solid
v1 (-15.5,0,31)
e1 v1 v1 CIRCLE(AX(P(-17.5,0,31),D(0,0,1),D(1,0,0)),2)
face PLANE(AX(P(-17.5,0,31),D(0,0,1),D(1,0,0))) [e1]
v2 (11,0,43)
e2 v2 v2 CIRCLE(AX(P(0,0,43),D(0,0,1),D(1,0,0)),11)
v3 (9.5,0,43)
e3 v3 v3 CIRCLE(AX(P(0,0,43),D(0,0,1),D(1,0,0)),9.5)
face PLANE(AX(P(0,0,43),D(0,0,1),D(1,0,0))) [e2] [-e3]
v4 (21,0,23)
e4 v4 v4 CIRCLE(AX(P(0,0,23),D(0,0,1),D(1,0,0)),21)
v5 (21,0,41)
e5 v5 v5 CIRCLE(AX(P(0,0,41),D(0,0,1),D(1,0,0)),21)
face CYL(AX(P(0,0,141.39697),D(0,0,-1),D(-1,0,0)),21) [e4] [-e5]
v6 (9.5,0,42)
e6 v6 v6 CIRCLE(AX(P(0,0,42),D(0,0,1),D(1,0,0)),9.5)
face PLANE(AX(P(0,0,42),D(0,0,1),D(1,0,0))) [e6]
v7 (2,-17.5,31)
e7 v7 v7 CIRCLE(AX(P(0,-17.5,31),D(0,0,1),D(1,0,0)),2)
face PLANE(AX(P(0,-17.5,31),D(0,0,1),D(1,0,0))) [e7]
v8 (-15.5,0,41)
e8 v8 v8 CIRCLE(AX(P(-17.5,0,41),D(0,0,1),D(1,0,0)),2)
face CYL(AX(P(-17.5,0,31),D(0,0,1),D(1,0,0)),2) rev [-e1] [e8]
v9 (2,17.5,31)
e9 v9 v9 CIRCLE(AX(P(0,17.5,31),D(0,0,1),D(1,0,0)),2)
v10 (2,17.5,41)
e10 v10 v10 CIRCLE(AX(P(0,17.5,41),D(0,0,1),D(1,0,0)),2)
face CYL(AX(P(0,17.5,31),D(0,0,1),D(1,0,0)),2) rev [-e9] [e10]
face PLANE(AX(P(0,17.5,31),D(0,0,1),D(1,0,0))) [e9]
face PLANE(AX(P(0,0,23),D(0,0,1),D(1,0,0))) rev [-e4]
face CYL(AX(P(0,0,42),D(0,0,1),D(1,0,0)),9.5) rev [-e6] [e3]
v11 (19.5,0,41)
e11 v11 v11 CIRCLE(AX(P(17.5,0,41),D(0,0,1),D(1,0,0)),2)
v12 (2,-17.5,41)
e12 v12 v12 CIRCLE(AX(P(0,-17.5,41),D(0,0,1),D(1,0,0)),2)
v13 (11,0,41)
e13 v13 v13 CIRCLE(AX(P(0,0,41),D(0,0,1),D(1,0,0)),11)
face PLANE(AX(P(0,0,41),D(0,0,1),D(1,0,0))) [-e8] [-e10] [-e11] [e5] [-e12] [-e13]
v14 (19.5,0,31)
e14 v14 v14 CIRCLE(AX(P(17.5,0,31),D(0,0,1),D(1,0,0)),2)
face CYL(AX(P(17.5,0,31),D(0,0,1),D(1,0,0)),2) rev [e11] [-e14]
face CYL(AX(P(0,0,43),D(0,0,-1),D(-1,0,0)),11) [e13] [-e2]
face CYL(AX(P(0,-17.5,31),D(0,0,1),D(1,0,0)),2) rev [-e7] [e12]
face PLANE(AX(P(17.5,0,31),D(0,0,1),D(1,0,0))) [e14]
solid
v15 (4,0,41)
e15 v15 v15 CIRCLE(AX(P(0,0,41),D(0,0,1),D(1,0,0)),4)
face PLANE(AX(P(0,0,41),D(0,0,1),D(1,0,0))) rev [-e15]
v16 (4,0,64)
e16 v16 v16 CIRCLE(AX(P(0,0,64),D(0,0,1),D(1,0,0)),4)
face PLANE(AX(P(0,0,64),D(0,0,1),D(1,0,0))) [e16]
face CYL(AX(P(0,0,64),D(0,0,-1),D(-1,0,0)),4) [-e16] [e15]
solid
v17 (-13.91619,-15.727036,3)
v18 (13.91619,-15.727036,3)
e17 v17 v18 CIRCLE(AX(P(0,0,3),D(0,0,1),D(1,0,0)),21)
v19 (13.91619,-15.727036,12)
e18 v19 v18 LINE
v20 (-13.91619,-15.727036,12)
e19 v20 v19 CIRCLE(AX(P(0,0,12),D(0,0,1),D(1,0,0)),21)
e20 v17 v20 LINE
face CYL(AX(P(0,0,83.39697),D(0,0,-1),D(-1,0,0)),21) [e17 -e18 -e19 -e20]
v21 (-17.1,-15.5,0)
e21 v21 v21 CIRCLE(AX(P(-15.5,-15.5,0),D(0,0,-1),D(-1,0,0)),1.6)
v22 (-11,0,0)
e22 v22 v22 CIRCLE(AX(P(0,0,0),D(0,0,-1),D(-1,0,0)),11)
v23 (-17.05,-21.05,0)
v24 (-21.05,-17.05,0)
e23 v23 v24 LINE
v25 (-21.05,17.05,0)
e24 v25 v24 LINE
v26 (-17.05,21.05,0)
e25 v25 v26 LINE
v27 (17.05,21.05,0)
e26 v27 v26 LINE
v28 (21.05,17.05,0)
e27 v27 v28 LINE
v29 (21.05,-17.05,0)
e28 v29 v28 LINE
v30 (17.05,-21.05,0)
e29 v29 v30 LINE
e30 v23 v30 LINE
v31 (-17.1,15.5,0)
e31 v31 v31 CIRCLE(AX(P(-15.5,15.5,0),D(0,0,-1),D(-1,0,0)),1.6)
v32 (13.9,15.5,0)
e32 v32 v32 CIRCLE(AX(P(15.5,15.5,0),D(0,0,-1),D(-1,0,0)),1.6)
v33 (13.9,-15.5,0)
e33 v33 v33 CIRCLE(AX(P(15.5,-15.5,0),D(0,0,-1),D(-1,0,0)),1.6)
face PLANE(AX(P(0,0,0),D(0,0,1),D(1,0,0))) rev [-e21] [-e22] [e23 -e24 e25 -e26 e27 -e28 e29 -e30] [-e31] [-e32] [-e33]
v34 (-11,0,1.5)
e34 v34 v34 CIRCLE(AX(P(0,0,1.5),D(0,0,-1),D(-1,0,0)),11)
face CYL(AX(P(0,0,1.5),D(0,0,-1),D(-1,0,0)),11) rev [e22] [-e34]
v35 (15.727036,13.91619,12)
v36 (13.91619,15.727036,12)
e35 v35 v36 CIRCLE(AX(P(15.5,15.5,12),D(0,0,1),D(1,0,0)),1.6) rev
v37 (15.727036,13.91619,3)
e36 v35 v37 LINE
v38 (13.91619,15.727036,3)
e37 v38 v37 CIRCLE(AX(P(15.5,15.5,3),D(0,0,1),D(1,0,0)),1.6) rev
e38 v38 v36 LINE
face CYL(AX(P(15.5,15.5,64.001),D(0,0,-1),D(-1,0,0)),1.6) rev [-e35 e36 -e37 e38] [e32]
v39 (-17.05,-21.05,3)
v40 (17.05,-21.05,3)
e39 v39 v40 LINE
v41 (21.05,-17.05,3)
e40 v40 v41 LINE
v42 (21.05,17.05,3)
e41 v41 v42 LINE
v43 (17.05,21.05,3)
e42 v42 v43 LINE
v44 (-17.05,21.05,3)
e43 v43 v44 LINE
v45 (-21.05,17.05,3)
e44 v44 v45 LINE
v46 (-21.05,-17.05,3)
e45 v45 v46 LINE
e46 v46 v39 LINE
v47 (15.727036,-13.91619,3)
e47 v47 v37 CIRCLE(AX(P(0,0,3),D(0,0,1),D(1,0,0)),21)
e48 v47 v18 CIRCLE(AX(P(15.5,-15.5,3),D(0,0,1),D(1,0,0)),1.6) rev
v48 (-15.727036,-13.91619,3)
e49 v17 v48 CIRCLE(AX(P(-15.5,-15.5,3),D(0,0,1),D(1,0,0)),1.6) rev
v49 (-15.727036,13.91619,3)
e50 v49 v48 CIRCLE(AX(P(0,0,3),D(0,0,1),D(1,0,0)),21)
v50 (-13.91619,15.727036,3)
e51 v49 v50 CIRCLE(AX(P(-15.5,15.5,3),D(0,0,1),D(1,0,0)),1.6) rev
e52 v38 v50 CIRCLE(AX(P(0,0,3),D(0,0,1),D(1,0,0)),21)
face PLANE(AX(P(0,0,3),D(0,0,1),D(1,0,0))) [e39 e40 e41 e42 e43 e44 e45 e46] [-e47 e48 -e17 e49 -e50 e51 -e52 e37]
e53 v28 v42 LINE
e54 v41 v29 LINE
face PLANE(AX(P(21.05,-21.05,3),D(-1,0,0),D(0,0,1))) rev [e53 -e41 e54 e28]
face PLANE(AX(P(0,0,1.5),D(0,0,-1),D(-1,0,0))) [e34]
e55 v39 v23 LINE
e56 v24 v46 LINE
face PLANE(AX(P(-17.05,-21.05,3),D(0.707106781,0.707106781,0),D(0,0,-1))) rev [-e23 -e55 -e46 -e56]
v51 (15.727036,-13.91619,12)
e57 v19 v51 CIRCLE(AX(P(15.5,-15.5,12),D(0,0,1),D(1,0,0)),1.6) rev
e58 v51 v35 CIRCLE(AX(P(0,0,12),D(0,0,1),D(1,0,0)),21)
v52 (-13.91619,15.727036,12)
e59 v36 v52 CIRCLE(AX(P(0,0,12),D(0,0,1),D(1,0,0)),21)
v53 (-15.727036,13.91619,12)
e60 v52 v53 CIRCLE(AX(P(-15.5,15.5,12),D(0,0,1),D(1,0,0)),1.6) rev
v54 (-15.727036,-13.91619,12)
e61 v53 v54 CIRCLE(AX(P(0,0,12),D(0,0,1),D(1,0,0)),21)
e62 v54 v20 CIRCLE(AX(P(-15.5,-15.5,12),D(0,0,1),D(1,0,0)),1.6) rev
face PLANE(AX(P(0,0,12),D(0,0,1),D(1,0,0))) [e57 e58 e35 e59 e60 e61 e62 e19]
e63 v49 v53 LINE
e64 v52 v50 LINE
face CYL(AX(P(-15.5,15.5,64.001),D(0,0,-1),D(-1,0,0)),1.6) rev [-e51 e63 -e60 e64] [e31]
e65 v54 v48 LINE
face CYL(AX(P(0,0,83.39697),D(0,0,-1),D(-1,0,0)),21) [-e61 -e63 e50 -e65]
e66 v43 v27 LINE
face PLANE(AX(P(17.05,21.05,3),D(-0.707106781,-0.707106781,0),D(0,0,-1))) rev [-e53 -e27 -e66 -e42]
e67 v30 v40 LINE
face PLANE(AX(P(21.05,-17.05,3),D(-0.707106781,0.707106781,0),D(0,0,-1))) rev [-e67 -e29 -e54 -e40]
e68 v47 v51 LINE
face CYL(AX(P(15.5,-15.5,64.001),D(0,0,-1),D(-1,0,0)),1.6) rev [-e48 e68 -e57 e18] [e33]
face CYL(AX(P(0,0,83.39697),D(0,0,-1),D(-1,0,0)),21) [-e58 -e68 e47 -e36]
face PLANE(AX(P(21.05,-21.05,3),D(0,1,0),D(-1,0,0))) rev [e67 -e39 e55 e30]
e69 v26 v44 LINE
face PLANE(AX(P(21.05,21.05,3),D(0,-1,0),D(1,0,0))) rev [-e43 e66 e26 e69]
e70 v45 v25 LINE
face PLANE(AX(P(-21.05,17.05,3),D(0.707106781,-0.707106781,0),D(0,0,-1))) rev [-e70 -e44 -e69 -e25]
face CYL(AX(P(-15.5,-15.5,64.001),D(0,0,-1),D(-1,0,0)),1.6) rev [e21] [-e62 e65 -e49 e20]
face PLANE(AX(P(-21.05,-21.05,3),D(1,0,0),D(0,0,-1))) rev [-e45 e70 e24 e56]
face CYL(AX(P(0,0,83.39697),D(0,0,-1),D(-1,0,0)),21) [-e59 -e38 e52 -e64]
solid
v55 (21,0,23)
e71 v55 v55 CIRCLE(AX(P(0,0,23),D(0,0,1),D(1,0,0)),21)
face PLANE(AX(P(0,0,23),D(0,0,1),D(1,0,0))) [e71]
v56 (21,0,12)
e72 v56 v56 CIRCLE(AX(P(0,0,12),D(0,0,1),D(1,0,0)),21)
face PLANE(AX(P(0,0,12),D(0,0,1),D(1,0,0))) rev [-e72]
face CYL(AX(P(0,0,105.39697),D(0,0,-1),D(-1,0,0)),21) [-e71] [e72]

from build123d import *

# Parameters (mm, degrees)
SKETCH1_W           = 42.1
SKETCH1_H           = 42.1
BOSS_EXTRUDE2_DEPTH = 3
SKETCH3_R           = 21
BOSS_EXTRUDE3_DEPTH = 9
SKETCH4_R           = 21
BOSS_EXTRUDE4_DEPTH = 11
SKETCH5_R           = 21
BOSS_EXTRUDE5_DEPTH = 18
SKETCH6_R           = 11
BOSS_EXTRUDE6_DEPTH = 2
SKETCH9_R           = 9.5
CUT_EXTRUDE2_DEPTH  = 1
SKETCH7_R           = 4
BOSS_EXTRUDE7_DEPTH = 23
CUT_EXTRUDE3_START  = -12
SKETCH10_R          = 1.6
CUT_EXTRUDE3_DEPTH  = 12
SKETCH12_R          = 2
CUT_EXTRUDE5_DEPTH  = 10
CHAMFER1_SIZE       = 4
SKETCH15_R          = 11
CUT_EXTRUDE8_DEPTH  = 1.5


with BuildPart() as part:
    # Sketch1 → Boss-Extrude2 (new body)
    with BuildSketch(Plane.XY):
        Rectangle(SKETCH1_W, SKETCH1_H)
    extrude(amount=BOSS_EXTRUDE2_DEPTH)

    # Sketch3 → Boss-Extrude3 (add)
    with BuildSketch(Plane.XY.offset(3)):
        Circle(SKETCH3_R)
    extrude(amount=BOSS_EXTRUDE3_DEPTH)

    # Sketch10 → Cut-Extrude3 (cut)
    with BuildSketch(Plane(origin=(0, 0, 0), x_dir=(-1, 0, 0), z_dir=(0, 0, -1)).offset(CUT_EXTRUDE3_START)):
        with Locations((-15.5, 15.5)):
            Circle(SKETCH10_R)
        with Locations((15.5, 15.5)):
            Circle(SKETCH10_R)
        with Locations((15.5, -15.5)):
            Circle(SKETCH10_R)
        with Locations((-15.5, -15.5)):
            Circle(SKETCH10_R)
    extrude(amount=CUT_EXTRUDE3_DEPTH, mode=Mode.SUBTRACT)

    # Chamfer1
    chamfer1_edges = [part.edges().sort_by_distance(p)[0] for p in [
        (-21.05, 21.05, 1.5),
        (21.05, 21.05, 1.5),
        (21.05, -21.05, 1.5),
        (-21.05, -21.05, 1.5),
    ]]
    chamfer(chamfer1_edges, length=CHAMFER1_SIZE)

    # Sketch15 → Cut-Extrude8 (cut)
    with BuildSketch(Plane(origin=(0, 0, 0), x_dir=(-1, 0, 0), z_dir=(0, 0, -1))):
        with Locations(Location((0, 0, 0), (0, 0, 180))):
            Circle(SKETCH15_R)
    extrude(amount=-CUT_EXTRUDE8_DEPTH, mode=Mode.SUBTRACT)


with BuildPart() as body_2:
    # Sketch4 → Boss-Extrude4 (new body)
    with BuildSketch(Plane.XY.offset(12)):
        Circle(SKETCH4_R)
    extrude(amount=BOSS_EXTRUDE4_DEPTH)


with BuildPart() as body_3:
    # Sketch5 → Boss-Extrude5 (new body)
    with BuildSketch(Plane.XY.offset(23)):
        Circle(SKETCH5_R)
    extrude(amount=BOSS_EXTRUDE5_DEPTH)

    # Sketch6 → Boss-Extrude6 (add)
    with BuildSketch(Plane.XY.offset(41)):
        Circle(SKETCH6_R)
    extrude(amount=BOSS_EXTRUDE6_DEPTH)

    # Sketch9 → Cut-Extrude2 (cut)
    with BuildSketch(Plane.XY.offset(43)):
        Circle(SKETCH9_R)
    extrude(amount=-CUT_EXTRUDE2_DEPTH, mode=Mode.SUBTRACT)

    # Sketch12 → Cut-Extrude5 (cut)
    with BuildSketch(Plane.XY.offset(41)):
        with Locations((0, 17.5)):
            Circle(SKETCH12_R)
        with Locations((17.5, 0)):
            Circle(SKETCH12_R)
        with Locations((0, -17.5)):
            Circle(SKETCH12_R)
        with Locations((-17.5, 0)):
            Circle(SKETCH12_R)
    extrude(amount=-CUT_EXTRUDE5_DEPTH, mode=Mode.SUBTRACT)


with BuildPart() as body_4:
    # Sketch7 → Boss-Extrude7 (new body)
    with BuildSketch(Plane.XY.offset(41)):
        Circle(SKETCH7_R)
    extrude(amount=BOSS_EXTRUDE7_DEPTH)


solid = Compound([part.part, body_2.part, body_3.part, body_4.part])
